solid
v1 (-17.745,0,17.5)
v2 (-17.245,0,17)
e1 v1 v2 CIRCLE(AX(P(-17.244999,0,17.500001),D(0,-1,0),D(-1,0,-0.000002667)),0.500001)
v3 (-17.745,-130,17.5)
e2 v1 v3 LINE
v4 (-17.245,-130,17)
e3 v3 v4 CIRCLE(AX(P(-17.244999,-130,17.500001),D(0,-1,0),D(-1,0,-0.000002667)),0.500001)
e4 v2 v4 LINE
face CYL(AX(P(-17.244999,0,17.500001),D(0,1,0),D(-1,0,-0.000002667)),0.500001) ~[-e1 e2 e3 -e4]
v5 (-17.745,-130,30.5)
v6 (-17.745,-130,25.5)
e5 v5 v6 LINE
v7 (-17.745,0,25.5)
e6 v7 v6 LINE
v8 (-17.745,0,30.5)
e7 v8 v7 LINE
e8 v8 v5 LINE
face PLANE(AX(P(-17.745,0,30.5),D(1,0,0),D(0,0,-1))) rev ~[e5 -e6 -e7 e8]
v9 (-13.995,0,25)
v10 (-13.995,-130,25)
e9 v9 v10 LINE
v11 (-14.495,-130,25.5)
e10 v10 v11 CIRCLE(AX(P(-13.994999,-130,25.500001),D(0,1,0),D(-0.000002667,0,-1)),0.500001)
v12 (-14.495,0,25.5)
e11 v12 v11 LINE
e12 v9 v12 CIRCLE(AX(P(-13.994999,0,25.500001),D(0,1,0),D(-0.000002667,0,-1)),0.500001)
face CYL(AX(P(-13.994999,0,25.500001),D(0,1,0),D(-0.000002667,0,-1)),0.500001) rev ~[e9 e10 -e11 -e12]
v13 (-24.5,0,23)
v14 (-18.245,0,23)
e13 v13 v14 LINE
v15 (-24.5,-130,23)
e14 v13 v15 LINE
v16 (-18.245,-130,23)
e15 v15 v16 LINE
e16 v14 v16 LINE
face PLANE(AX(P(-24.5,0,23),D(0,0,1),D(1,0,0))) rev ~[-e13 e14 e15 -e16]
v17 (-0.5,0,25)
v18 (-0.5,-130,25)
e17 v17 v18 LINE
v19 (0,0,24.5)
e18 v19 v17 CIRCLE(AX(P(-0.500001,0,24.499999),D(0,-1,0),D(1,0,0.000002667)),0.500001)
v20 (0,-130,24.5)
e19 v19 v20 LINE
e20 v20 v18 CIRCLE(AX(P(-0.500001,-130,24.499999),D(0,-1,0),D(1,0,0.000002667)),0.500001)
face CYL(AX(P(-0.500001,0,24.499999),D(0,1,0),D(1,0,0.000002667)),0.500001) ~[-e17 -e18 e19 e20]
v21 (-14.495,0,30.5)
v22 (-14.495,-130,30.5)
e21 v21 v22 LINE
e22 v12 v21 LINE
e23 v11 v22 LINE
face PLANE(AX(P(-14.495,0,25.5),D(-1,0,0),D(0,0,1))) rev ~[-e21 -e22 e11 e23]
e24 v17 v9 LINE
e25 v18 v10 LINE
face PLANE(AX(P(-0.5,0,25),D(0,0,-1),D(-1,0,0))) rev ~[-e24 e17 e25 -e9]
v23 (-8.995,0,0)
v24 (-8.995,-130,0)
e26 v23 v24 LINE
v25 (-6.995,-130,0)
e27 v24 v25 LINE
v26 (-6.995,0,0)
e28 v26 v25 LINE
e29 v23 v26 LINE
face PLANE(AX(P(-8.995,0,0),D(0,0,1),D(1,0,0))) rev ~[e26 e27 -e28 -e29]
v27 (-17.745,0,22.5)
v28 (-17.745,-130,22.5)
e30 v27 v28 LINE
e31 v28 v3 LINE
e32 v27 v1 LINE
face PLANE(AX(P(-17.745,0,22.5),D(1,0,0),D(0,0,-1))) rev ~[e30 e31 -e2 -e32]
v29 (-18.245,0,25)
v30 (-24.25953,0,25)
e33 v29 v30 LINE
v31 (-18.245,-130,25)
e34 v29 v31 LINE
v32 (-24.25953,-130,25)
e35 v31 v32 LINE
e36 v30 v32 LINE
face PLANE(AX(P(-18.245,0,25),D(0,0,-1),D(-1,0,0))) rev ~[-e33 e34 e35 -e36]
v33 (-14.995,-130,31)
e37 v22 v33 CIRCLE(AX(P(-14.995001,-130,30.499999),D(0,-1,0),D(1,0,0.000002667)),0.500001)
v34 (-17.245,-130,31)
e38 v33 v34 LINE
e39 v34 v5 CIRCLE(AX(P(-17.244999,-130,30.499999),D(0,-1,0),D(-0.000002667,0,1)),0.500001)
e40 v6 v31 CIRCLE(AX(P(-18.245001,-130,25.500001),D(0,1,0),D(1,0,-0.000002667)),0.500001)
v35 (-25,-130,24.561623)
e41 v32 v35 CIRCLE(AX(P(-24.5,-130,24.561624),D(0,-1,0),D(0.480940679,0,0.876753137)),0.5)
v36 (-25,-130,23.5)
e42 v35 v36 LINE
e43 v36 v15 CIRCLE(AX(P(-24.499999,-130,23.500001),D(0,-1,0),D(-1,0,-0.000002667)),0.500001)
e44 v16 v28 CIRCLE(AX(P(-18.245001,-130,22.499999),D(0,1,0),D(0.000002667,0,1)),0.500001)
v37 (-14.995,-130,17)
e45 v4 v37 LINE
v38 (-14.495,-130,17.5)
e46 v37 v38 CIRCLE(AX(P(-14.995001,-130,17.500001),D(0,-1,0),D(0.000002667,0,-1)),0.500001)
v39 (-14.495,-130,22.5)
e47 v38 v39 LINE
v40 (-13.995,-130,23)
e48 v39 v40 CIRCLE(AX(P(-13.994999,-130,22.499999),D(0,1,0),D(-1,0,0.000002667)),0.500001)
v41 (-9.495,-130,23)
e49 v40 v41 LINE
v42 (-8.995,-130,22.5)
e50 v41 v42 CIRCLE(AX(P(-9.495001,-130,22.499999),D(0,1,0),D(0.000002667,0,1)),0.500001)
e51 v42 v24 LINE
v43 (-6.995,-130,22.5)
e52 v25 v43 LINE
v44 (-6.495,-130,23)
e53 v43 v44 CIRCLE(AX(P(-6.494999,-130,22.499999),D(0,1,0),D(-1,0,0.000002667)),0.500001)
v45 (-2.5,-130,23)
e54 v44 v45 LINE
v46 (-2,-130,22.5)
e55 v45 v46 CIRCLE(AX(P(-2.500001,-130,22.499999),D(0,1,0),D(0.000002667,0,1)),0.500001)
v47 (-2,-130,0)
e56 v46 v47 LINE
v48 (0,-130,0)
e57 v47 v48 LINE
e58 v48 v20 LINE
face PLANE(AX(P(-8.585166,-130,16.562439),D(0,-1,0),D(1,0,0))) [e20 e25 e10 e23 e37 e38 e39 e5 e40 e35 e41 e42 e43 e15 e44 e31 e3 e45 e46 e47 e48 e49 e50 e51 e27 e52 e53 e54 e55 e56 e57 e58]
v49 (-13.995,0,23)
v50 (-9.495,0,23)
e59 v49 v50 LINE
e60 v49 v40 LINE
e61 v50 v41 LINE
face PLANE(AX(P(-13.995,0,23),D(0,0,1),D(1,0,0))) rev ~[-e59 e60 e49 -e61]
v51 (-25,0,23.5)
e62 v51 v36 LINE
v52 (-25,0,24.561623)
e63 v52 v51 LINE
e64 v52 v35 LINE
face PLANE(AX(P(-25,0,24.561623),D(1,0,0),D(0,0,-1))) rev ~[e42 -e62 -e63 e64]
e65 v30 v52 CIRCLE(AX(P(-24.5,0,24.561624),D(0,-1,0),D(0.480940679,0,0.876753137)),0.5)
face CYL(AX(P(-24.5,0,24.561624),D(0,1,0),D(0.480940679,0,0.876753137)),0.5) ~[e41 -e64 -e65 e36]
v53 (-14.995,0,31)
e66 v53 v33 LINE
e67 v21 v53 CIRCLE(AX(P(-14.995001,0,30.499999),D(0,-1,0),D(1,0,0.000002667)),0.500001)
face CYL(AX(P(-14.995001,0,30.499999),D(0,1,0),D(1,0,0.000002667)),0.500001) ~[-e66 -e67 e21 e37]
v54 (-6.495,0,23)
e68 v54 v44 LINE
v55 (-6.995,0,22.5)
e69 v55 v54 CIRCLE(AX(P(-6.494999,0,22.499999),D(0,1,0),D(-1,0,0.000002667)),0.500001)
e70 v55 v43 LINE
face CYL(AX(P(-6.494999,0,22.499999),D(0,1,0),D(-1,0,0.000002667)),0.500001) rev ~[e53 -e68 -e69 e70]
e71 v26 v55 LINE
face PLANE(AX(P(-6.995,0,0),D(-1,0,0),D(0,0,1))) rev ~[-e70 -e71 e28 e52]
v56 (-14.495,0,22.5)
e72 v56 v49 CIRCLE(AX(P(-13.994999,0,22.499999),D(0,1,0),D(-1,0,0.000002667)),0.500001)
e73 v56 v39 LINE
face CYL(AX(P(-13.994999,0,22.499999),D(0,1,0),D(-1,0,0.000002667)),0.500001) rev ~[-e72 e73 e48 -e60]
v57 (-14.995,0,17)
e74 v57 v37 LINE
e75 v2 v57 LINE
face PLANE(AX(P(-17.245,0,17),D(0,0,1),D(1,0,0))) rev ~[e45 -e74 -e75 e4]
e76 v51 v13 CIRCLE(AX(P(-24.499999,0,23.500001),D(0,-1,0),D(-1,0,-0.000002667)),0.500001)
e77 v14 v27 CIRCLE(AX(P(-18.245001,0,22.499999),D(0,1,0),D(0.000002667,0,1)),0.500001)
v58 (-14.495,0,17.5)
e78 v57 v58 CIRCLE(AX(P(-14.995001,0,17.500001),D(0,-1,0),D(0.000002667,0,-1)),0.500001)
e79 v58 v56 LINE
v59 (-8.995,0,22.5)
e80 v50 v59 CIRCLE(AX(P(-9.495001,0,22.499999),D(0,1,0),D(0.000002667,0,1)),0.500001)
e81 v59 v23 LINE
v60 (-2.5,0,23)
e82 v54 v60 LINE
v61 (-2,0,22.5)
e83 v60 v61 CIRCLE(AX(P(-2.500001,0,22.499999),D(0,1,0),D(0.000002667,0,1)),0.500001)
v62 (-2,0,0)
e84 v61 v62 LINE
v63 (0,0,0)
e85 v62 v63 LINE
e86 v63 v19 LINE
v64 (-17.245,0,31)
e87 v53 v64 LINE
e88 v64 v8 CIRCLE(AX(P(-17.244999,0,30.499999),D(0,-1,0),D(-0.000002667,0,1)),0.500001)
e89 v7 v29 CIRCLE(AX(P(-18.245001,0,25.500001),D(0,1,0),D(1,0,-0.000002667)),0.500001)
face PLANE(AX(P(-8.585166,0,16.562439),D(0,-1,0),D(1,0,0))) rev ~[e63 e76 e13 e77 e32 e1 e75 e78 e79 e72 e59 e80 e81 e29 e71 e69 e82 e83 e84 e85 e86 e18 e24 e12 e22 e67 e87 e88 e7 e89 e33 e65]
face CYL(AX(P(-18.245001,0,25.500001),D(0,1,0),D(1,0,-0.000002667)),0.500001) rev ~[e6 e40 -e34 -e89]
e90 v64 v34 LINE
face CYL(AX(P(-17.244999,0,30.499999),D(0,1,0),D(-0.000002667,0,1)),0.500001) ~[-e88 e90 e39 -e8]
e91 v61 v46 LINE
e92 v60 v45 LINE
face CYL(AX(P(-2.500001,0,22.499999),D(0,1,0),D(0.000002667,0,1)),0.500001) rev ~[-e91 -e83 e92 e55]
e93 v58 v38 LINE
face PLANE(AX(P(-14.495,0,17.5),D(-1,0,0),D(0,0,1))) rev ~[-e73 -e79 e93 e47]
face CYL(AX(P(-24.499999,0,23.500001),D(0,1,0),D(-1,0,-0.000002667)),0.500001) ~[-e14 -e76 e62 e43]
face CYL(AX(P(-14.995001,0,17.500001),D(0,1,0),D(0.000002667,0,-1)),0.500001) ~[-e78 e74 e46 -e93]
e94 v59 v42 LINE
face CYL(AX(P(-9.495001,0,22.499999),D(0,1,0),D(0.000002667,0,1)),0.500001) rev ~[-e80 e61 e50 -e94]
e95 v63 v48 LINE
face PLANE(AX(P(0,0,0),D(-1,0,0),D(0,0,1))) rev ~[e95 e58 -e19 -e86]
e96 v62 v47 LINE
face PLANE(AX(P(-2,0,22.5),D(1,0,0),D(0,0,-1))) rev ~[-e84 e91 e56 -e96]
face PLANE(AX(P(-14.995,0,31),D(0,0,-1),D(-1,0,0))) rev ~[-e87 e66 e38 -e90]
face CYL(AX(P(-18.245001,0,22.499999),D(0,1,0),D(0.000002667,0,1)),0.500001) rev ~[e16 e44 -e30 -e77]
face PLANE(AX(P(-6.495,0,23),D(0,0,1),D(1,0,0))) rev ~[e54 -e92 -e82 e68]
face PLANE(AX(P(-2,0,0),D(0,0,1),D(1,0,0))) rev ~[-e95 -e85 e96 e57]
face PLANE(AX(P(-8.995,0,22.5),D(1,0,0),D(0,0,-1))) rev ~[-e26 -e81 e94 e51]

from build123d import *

# Parameters (mm, degrees)
F1_DEPTH = 130


with BuildPart() as f1:
    # F0 (on Front) → F1 (new body)
    with BuildSketch(Plane.XZ):
        with BuildLine():
            Line((-2, 0), (0, 0))
            Line((0, 0), (0, 24.5))
            ThreePointArc((0, 24.5), (-0.146447, 24.853553), (-0.5, 25))
            Line((-0.5, 25), (-13.995, 25))
            ThreePointArc((-13.995, 25), (-14.348553, 25.146447), (-14.495, 25.5))
            Line((-14.495, 25.5), (-14.495, 30.5))
            ThreePointArc((-14.495, 30.5), (-14.641447, 30.853553), (-14.995, 31))
            Line((-14.995, 31), (-17.245, 31))
            ThreePointArc((-17.245, 31), (-17.598553, 30.853553), (-17.745, 30.5))
            Line((-17.745, 30.5), (-17.745, 25.5))
            ThreePointArc((-17.745, 25.5), (-17.891447, 25.146447), (-18.245, 25))
            Line((-18.245, 25), (-24.25953, 25))
            ThreePointArc((-24.25953, 25), (-24.754721, 24.991876), (-25, 24.561623))
            Line((-25, 24.561623), (-25, 23.5))
            ThreePointArc((-25, 23.5), (-24.853553, 23.146447), (-24.5, 23))
            Line((-24.5, 23), (-18.245, 23))
            ThreePointArc((-18.245, 23), (-17.891447, 22.853553), (-17.745, 22.5))
            Line((-17.745, 22.5), (-17.745, 17.5))
            ThreePointArc((-17.745, 17.5), (-17.598553, 17.146447), (-17.245, 17))
            Line((-17.245, 17), (-14.995, 17))
            ThreePointArc((-14.995, 17), (-14.641447, 17.146447), (-14.495, 17.5))
            Line((-14.495, 17.5), (-14.495, 22.5))
            ThreePointArc((-14.495, 22.5), (-14.348553, 22.853553), (-13.995, 23))
            Line((-13.995, 23), (-9.495, 23))
            ThreePointArc((-9.495, 23), (-9.141447, 22.853553), (-8.995, 22.5))
            Line((-8.995, 22.5), (-8.995, 0))
            Line((-8.995, 0), (-6.995, 0))
            Line((-6.995, 0), (-6.995, 22.5))
            ThreePointArc((-6.995, 22.5), (-6.848553, 22.853553), (-6.495, 23))
            Line((-6.495, 23), (-2.5, 23))
            ThreePointArc((-2.5, 23), (-2.146447, 22.853553), (-2, 22.5))
            Line((-2, 22.5), (-2, 0))
        make_face()
    extrude(amount=F1_DEPTH)


solid = f1.part
